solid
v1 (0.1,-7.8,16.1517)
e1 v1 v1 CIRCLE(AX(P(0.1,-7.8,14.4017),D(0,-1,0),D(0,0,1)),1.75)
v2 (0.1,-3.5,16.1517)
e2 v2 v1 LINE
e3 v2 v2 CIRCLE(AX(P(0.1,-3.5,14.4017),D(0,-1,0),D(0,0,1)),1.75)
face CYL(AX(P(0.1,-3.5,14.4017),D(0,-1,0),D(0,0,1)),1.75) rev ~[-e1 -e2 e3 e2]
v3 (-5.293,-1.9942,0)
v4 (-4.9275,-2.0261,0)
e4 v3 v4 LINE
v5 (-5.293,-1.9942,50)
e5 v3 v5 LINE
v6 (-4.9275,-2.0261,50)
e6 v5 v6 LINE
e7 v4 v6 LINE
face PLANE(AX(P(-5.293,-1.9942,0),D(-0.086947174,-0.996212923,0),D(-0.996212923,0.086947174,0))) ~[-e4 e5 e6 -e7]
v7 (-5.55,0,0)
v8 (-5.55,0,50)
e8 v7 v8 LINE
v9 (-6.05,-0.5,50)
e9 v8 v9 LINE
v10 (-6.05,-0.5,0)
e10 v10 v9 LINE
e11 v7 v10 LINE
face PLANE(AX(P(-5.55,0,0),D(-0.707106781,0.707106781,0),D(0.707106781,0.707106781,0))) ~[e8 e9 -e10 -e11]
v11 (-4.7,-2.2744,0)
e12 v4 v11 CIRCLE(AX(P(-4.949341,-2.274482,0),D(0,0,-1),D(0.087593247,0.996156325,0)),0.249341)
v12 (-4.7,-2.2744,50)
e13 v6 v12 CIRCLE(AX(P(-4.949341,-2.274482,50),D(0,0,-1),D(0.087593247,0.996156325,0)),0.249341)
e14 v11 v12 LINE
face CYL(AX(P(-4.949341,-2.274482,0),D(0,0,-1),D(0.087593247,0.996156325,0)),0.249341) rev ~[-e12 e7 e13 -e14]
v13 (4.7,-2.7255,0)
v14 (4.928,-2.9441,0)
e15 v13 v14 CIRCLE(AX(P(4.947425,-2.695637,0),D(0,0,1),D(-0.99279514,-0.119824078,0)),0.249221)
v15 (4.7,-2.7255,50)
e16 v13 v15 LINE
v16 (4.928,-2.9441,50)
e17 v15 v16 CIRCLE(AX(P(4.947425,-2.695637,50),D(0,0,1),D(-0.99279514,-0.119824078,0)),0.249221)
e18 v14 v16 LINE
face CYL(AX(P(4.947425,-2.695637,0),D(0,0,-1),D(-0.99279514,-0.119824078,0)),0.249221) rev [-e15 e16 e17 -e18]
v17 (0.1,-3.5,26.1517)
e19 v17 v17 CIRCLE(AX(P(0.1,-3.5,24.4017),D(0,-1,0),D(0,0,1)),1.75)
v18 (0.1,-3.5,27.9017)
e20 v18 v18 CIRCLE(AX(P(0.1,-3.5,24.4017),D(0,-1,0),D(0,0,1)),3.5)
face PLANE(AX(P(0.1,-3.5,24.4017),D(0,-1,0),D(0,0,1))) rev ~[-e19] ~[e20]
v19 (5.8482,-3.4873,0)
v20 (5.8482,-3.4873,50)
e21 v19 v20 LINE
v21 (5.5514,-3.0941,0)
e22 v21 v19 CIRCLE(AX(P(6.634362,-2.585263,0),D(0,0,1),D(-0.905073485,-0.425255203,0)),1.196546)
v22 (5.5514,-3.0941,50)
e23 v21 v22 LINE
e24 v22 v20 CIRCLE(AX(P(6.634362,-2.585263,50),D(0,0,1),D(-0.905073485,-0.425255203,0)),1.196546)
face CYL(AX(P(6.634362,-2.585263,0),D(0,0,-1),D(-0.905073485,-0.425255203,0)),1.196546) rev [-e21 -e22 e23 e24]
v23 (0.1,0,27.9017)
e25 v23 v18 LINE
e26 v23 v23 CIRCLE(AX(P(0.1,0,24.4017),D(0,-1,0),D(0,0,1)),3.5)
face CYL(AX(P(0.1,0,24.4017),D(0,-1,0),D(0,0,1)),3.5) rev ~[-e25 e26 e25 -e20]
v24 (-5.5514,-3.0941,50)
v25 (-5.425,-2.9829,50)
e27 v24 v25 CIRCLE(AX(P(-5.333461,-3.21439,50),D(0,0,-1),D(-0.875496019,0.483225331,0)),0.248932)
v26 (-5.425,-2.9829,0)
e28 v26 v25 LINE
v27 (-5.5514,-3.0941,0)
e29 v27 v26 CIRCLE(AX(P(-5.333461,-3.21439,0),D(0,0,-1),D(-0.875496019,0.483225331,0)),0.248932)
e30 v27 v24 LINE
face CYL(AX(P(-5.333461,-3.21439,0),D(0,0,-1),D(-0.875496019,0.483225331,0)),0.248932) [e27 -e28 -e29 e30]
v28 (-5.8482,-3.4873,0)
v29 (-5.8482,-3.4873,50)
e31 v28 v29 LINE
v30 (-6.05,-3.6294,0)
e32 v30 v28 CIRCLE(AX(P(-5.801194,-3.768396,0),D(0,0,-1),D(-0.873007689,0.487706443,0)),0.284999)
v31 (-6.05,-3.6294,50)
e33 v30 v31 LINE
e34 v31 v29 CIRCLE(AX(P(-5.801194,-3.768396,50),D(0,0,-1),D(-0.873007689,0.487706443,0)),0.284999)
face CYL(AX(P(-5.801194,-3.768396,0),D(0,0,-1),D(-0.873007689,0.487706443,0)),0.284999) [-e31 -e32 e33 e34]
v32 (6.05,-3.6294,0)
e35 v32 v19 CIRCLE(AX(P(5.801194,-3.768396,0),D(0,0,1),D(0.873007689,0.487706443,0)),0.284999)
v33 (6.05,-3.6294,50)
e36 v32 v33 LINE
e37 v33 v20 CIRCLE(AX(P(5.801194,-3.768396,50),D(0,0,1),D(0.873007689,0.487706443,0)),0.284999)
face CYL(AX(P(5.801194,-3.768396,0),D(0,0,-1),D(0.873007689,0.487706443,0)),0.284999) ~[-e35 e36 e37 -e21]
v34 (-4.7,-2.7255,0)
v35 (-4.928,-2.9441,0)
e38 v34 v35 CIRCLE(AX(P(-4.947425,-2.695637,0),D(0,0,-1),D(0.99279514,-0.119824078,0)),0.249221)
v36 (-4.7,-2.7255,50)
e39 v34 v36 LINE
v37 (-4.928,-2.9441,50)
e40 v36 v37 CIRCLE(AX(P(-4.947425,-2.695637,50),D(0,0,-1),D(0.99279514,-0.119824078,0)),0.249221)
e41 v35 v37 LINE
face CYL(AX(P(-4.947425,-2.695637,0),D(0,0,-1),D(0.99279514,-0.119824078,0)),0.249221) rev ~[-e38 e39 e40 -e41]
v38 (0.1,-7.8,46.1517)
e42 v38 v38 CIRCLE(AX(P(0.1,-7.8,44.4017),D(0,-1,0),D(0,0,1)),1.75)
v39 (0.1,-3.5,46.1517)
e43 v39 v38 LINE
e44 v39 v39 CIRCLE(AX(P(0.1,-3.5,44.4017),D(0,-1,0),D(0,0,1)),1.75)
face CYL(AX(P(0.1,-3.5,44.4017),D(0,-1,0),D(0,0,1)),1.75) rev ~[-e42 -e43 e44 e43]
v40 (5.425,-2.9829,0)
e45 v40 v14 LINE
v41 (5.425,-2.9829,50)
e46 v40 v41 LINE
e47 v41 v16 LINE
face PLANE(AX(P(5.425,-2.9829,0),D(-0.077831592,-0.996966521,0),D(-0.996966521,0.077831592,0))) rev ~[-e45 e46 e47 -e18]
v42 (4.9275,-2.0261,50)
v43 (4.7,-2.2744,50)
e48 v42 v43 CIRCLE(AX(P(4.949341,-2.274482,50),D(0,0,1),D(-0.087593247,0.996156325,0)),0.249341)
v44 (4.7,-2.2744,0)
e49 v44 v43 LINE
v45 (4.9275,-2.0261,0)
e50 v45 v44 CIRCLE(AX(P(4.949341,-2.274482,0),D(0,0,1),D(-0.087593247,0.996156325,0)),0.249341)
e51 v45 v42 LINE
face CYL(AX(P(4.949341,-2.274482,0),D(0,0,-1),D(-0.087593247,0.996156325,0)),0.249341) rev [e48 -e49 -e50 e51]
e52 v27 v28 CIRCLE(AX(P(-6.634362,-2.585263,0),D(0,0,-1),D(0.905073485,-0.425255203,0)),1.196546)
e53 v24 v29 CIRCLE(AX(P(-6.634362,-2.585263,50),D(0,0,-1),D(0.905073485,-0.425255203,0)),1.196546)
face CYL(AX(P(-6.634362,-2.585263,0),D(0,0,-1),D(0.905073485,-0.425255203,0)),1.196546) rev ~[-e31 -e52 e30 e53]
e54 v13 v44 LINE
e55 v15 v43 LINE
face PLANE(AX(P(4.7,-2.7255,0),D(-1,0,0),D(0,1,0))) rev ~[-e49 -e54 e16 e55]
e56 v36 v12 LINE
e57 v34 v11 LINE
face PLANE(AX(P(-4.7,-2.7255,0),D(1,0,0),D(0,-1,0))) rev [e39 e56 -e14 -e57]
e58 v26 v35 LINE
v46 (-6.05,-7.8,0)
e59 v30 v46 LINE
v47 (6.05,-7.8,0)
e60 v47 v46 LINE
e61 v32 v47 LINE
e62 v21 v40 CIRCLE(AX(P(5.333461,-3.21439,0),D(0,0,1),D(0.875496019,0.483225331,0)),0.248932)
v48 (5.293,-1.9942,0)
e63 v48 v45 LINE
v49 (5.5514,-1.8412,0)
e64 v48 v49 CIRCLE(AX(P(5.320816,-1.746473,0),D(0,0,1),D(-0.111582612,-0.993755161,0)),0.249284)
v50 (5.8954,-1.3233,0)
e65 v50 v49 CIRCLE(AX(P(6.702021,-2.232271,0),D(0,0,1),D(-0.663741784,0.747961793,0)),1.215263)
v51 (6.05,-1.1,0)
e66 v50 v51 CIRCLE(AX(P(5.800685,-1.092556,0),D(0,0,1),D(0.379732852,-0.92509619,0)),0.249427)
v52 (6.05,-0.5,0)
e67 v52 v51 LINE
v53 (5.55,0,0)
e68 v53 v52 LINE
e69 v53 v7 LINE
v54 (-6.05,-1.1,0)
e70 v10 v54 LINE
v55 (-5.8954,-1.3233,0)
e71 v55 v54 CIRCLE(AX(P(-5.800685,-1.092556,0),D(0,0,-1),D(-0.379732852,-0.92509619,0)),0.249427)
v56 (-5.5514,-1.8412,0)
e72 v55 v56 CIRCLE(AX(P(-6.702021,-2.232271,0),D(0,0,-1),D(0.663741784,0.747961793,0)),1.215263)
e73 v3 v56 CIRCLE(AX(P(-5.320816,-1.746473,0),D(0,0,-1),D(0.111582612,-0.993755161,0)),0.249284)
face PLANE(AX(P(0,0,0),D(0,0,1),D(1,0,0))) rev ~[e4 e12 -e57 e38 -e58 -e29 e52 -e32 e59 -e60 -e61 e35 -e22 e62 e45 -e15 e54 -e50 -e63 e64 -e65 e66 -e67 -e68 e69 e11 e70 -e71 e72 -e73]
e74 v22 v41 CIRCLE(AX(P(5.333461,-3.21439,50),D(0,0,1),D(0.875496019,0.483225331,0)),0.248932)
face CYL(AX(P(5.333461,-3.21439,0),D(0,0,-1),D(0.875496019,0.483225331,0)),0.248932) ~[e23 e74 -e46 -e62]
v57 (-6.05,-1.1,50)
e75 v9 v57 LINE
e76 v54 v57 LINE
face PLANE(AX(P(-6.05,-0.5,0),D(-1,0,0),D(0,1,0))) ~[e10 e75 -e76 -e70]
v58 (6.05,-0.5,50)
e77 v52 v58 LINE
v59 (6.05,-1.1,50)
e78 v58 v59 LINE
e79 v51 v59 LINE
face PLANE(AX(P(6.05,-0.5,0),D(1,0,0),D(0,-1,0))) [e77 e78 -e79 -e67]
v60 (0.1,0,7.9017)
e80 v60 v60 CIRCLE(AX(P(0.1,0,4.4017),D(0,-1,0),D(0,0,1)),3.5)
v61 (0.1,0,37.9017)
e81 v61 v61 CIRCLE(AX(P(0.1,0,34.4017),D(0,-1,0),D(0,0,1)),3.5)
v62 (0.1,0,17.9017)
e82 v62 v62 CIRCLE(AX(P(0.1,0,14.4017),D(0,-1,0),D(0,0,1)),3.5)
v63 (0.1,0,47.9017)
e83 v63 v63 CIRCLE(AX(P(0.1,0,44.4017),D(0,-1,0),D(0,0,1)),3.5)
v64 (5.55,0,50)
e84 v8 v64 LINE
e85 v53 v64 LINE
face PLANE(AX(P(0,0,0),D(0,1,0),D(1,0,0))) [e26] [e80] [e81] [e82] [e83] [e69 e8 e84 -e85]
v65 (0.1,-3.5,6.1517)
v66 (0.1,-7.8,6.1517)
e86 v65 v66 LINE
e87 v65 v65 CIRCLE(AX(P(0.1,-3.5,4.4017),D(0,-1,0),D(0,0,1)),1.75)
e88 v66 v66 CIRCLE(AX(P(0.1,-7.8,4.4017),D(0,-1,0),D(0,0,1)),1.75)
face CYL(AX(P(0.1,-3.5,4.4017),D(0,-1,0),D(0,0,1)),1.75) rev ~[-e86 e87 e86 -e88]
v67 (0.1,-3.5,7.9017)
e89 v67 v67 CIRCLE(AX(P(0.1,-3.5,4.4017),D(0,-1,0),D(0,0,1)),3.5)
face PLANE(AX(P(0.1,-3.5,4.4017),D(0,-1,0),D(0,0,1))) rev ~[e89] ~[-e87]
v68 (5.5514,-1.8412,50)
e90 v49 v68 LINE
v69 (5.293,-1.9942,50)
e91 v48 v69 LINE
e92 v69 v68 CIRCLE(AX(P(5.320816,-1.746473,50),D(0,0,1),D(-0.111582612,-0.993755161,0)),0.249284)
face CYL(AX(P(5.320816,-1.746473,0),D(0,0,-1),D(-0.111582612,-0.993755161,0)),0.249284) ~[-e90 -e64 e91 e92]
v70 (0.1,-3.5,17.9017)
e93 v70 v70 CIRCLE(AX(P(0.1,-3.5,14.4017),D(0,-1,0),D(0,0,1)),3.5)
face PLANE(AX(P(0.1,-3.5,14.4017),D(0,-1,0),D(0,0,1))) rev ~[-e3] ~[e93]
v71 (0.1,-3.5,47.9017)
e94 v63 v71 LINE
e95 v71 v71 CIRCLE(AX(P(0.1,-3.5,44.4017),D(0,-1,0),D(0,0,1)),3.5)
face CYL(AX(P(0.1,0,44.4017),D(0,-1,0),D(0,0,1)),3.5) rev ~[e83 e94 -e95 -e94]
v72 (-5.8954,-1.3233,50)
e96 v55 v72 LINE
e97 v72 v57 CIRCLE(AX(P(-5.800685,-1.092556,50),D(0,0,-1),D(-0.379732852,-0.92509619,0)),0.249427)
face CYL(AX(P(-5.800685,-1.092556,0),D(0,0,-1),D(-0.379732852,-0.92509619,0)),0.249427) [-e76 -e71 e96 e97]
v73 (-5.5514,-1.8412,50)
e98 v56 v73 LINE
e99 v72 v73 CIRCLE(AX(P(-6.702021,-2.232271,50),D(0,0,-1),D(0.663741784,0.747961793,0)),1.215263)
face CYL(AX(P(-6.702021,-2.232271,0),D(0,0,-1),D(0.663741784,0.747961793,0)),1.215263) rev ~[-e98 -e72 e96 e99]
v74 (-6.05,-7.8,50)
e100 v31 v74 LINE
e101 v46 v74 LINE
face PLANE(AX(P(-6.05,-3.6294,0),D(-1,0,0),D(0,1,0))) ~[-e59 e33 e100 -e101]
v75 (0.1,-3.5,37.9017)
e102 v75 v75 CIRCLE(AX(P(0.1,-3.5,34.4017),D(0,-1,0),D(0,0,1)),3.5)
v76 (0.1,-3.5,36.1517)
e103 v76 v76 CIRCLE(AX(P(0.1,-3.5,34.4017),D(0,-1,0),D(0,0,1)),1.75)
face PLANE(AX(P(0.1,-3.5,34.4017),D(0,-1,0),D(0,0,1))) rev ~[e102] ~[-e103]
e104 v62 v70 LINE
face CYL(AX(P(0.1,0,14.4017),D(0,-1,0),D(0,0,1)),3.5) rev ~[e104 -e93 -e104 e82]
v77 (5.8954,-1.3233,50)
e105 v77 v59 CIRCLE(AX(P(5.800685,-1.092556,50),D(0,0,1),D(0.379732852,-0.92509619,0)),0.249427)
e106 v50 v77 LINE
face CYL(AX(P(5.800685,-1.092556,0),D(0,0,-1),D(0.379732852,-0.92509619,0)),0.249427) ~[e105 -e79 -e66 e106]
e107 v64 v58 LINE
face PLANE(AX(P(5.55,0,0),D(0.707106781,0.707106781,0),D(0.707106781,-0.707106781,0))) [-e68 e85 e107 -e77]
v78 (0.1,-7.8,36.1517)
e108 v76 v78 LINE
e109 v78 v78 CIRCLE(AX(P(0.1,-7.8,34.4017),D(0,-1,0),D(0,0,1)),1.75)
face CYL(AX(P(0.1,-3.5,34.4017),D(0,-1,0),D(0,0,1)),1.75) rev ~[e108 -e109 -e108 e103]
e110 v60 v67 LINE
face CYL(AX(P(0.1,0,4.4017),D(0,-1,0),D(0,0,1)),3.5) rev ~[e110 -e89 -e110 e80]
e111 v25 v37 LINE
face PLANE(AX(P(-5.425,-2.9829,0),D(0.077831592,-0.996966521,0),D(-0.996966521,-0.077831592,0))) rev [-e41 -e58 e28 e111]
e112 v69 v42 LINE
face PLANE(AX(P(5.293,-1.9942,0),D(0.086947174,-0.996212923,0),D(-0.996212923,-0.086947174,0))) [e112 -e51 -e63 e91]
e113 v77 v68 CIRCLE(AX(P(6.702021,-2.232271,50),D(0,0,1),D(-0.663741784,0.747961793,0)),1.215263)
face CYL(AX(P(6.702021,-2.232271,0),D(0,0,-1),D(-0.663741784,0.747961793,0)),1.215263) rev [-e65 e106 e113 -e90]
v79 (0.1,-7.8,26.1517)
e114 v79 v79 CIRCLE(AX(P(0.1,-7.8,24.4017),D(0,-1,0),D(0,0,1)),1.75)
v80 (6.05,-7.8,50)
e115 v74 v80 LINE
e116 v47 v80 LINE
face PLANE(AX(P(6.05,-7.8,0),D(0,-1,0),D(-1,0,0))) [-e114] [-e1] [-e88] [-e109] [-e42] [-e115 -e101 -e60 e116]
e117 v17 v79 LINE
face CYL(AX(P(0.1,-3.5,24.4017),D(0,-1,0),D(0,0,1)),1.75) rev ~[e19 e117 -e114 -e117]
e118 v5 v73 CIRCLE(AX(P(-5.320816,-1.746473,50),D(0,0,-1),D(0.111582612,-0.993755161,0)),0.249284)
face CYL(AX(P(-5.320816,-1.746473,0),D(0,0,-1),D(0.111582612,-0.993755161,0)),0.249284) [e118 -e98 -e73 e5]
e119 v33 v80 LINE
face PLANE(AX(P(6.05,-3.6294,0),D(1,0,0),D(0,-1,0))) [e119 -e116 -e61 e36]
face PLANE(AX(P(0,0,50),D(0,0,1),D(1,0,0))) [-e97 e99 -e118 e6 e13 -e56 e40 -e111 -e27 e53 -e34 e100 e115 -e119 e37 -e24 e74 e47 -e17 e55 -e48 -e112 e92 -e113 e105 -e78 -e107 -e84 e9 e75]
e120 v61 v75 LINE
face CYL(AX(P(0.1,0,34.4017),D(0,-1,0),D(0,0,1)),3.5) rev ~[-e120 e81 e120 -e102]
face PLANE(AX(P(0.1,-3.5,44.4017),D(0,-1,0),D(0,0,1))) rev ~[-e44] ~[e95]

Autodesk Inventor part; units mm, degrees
ref_plane "YZ Plane" through (0, 0, 0) normal (1, 0, 0) x (0, 1, 0)
ref_plane "XZ Plane" through (0, 0, 0) normal (0, 1, 0) x (-1, 0, 0)
ref_plane "XY Plane" through (0, 0, 0) normal (0, 0, 1) x (1, 0, 0)
ref_plane "Work Plane1" through (0, 0, 0) normal (0, 0, 1) x (1, 0, 0)
sketch "Sketch1" plane through (0, 0, 0) normal (0, 0, 1) x (1, 0, 0)
  line L0 (0, 0) -> (5.55, 0)
  line L1 (6.05, -7.8) -> (0, -7.8)
  line L2 (0, -7.8) -> (0, 0)
  line L3 (5.55, 0) -> (6.05, -0.5)
  arc A0 (6.05, -3.6294) -> (5.8482, -3.4873) centre (5.8013, -3.7683) ccw
  arc A1 (5.5514, -3.0941) -> (5.8482, -3.4873) centre (6.6343, -2.5853) ccw
  arc A2 (5.5514, -3.0941) -> (5.425, -2.9829) centre (5.3332, -3.2146) ccw
  line L4 (5.425, -2.9829) -> (4.928, -2.9441)
  arc A3 (4.7, -2.7255) -> (4.928, -2.9441) centre (4.9475, -2.6956) ccw
  arc A4 (4.9275, -2.0261) -> (4.7, -2.2744) centre (4.9493, -2.2744) ccw
  arc A5 (5.293, -1.9942) -> (5.5514, -1.8412) centre (5.3208, -1.7464) ccw
  arc A6 (5.8954, -1.3233) -> (5.5514, -1.8412) centre (6.7024, -2.2326) ccw
  arc A7 (5.8954, -1.3233) -> (6.05, -1.1) centre (5.8008, -1.0927) ccw
  line L5 (5.293, -1.9942) -> (4.9275, -2.0261)
  line L6 (4.7, -2.7255) -> (4.7, -2.2744)
  line L7 (6.05, -0.5) -> (6.05, -1.1)
  line L8 (6.05, -3.6294) -> (6.05, -7.8)
  point P0 (6.05, 0)
  dimension "d0" = 0.5
  dimension "d1" = 0.5
  dimension "d17" = 6.05
  dimension "d18" = 7.8
  dimension "d20" = 2.6756
  dimension "d21" = 0.5
  dimension "d22" = 1.1
  dimension "d23" = 4.7
  dimension "d24" = 0.2275
  dimension "d25" = 0.228
  dimension "d26" = 0
  dimension "d27" = 0.2483
  dimension "d28" = 0.2186
extrude "Extrusion1" add sketch "Sketch1" along normal blind 50
mirror "Mirror1" about plane through (0, 0, 0) normal (-1, 0, 0) of "Extrusion1"
sketch "Sketch2" plane through (5.55, 0, 50) normal (0, 1, 0) x (1, 0, 0)
  line L0 (-11.1, 50) -> (0, 50) projected
  line L1 (-11.1, 50) -> (-11.1, 0) projected
  line L2 (0, 0) -> (-11.1, 0) projected
  line L3 (0, 50) -> (0, 0) projected
  point P0 (-5.55, 50)
  point P1 (-5.45, 45.5983)
hole "Hole1" at (0.1, 0, 4.4017) direction (0, -1, 0) diameter 3.5 end through all counterbore diameter 7 counterbore depth 3.5
pattern_linear "Rectangular Pattern1" count 5 spacing 10 along (0, 0, 1) of "Hole1"
ref_plane "Work Plane2" through (0, -7.8, 0) normal (1, 0, 0) x (0, 0, -1)
equation "\"d1\" = d0"
properties part number "30_Cube_Z_Focus_MGN_NEMA_rail"
